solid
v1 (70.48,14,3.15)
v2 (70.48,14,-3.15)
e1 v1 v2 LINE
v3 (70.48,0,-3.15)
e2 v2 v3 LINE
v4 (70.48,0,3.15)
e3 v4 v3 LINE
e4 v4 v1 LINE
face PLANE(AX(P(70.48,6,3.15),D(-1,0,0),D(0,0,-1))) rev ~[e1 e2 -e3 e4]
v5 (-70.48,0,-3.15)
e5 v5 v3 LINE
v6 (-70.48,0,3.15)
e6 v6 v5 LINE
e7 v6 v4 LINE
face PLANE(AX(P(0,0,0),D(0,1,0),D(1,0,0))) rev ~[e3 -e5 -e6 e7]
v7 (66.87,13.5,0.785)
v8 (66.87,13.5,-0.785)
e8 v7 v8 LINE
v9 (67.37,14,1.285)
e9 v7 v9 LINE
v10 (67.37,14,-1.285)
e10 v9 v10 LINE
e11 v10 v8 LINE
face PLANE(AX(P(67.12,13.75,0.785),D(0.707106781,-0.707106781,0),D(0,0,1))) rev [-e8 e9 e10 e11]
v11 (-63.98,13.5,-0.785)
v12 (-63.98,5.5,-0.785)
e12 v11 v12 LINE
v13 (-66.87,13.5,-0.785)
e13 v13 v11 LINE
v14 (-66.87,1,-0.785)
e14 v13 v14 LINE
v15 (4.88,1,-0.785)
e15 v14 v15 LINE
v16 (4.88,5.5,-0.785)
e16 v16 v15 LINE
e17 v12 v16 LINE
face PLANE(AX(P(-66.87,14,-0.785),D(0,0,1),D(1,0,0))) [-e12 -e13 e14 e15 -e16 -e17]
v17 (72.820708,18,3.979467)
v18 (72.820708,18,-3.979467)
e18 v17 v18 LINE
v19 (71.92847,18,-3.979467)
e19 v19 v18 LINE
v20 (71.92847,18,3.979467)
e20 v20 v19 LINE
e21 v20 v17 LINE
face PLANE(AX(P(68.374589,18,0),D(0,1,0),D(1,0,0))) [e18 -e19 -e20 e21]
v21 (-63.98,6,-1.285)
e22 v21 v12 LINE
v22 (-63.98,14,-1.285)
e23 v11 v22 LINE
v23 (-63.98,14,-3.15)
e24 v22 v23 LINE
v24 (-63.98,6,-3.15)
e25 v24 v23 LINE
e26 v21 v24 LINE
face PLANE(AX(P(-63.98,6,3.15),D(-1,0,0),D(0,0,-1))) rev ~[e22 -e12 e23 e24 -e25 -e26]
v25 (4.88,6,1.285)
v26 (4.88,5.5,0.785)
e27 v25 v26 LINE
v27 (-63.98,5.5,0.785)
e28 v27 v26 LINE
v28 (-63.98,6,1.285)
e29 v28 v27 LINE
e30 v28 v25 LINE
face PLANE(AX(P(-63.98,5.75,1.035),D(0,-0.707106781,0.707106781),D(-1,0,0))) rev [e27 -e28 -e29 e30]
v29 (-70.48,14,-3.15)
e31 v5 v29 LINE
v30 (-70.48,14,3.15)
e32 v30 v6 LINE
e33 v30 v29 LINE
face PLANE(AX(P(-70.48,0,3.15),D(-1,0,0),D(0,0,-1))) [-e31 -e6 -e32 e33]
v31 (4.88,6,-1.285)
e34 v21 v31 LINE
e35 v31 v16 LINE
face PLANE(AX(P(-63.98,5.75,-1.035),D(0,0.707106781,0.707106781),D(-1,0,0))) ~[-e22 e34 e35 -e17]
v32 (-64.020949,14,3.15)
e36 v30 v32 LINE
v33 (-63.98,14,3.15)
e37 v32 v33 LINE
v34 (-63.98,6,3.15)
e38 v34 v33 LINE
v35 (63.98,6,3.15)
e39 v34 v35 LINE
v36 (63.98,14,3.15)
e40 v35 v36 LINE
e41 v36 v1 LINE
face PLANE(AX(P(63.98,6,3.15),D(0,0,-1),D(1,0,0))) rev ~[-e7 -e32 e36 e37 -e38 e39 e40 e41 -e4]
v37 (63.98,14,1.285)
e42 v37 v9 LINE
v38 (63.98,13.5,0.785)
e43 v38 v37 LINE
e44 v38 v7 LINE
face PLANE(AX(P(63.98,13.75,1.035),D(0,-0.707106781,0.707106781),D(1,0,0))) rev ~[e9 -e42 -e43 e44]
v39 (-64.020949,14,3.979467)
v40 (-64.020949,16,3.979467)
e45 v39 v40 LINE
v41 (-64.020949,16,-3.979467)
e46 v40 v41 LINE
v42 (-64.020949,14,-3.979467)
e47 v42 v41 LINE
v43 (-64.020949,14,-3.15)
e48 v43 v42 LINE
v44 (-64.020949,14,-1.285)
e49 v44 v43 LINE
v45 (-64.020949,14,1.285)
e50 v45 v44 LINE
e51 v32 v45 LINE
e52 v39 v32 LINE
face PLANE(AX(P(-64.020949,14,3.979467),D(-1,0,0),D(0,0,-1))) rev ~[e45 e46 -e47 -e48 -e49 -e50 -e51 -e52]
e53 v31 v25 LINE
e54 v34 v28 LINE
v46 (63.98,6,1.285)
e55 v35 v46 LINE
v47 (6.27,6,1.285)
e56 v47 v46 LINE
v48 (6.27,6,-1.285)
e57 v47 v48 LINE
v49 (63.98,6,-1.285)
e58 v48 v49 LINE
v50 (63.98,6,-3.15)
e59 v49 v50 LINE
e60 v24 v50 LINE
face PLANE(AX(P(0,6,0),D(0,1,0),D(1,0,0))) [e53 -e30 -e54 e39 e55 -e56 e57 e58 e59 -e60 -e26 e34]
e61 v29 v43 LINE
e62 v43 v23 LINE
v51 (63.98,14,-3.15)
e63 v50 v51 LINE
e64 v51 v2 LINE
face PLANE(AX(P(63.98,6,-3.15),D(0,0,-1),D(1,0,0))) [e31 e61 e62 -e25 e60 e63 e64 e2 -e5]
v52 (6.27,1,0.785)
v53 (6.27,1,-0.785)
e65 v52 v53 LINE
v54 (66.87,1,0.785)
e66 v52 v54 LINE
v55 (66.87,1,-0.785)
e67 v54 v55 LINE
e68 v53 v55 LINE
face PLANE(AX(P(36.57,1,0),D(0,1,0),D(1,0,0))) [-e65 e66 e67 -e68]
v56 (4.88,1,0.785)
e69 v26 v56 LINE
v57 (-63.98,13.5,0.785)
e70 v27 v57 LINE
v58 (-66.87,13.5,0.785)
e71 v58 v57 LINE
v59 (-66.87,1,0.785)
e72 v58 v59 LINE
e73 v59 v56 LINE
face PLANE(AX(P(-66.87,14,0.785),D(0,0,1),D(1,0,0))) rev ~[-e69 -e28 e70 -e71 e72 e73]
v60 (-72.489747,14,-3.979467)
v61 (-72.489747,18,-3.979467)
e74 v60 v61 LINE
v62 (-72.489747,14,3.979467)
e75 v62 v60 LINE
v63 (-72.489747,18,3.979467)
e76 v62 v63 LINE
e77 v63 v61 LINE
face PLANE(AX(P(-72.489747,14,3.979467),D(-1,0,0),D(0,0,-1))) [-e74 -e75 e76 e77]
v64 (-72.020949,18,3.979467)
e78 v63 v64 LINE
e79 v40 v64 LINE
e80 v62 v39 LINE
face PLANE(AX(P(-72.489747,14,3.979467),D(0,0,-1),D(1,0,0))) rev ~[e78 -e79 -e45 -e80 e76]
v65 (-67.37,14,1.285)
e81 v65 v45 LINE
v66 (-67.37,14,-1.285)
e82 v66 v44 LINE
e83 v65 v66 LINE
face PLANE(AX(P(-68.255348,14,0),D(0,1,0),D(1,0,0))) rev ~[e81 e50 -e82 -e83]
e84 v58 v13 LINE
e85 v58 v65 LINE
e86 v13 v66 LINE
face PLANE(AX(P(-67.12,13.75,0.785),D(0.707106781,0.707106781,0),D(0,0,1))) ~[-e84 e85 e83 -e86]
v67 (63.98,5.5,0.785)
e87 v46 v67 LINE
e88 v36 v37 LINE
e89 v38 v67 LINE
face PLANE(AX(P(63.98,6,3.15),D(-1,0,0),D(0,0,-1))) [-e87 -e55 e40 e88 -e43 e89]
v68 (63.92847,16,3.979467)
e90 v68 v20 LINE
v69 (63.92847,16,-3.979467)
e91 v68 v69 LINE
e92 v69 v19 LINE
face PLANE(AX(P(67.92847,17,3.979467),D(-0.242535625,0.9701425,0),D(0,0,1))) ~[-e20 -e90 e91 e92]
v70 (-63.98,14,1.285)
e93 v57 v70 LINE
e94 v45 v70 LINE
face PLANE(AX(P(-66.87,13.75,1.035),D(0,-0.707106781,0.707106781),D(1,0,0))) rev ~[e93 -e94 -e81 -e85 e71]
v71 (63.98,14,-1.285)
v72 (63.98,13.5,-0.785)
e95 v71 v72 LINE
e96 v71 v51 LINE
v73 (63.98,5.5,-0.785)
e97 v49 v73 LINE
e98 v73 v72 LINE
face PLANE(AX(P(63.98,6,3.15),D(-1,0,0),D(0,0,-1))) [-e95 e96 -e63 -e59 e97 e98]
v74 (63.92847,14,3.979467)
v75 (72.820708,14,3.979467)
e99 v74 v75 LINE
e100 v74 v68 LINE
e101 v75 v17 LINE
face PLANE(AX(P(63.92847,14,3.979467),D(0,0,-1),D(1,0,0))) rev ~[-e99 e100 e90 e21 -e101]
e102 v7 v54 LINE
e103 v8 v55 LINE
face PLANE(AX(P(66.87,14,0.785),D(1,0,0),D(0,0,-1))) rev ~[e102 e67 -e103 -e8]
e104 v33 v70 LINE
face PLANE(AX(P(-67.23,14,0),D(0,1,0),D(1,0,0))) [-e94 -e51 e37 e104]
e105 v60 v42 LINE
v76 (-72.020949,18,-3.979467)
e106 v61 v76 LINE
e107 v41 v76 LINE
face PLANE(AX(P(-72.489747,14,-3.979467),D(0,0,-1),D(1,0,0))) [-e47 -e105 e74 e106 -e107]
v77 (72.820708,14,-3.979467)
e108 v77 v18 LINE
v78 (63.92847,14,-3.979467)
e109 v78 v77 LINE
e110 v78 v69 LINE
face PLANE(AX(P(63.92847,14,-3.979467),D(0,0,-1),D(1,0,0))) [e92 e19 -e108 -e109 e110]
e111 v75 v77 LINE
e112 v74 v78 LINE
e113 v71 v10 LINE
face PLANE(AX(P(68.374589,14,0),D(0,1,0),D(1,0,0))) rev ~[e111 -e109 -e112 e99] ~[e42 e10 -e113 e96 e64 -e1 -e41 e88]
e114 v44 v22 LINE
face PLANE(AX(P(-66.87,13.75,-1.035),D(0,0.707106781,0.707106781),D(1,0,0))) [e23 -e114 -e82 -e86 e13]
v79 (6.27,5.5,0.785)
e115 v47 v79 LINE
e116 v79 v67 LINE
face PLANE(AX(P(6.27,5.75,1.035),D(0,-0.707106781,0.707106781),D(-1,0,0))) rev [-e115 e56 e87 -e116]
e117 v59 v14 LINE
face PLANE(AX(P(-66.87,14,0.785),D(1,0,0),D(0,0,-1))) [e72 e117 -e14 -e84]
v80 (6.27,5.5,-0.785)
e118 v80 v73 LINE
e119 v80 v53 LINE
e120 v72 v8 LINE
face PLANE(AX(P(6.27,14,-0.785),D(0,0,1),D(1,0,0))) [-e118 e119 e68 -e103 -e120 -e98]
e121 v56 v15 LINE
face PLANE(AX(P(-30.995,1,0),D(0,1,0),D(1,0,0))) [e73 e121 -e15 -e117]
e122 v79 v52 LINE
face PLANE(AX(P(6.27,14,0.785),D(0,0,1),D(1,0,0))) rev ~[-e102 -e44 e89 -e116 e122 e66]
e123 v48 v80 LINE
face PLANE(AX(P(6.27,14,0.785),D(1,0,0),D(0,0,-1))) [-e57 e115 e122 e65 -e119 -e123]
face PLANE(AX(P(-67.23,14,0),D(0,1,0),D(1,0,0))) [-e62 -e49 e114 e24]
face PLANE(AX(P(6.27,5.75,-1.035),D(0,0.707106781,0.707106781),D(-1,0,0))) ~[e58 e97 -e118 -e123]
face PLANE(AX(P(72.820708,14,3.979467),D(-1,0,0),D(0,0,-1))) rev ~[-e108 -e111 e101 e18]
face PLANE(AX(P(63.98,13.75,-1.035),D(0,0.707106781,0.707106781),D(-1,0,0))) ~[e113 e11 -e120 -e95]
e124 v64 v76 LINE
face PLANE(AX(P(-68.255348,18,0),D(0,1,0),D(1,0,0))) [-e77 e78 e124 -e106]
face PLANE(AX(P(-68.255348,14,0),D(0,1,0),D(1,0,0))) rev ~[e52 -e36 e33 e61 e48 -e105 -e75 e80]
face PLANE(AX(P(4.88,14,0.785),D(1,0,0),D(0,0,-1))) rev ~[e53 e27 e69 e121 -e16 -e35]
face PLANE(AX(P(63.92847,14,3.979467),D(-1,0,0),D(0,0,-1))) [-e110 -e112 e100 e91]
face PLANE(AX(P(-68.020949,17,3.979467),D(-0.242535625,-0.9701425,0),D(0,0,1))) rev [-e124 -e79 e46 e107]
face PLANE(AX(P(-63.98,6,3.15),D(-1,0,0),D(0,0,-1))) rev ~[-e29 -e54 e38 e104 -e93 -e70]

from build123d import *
from OCP.BRepFilletAPI import BRepFilletAPI_MakeChamfer

# Parameters (mm, degrees)
SKETCH1_W           = 140.96
SKETCH1_H           = 6.3
BOSS_EXTRUDE1_DEPTH = 6
SKETCH2_W           = 6.5
SKETCH2_H           = 6.3
BOSS_EXTRUDE2_DEPTH = 8
SKETCH3_W           = 71.75
SKETCH3_H           = 1.57
SKETCH3_W_2         = 60.6
CUT_EXTRUDE1_DEPTH  = 13
CHAMFER1_SIZE       = 0.5
SKETCH5_W           = 8.468797777
SKETCH5_H           = 7.958933252
SKETCH5_W_2         = 8.892237666
BOSS_EXTRUDE3_DEPTH = 4
CHAMFER2_SIZE       = 2
CHAMFER2_SIZE2      = 8


with BuildPart() as part:
    # Sketch1 → Boss-Extrude1 (new body)
    with BuildSketch(Plane(origin=(0, 0, 0), x_dir=(1, 0, 0), z_dir=(0, 1, 0))):
        Rectangle(SKETCH1_W, SKETCH1_H)
    extrude(amount=BOSS_EXTRUDE1_DEPTH)

    # Sketch2 → Boss-Extrude2 (add)
    with BuildSketch(Plane(origin=(0, 6, 0), x_dir=(1, 0, 0), z_dir=(0, 1, 0))):
        with Locations((67.23, 0)):
            Rectangle(SKETCH2_W, SKETCH2_H)
        with Locations((-67.23, 0)):
            Rectangle(SKETCH2_W, SKETCH2_H)
    extrude(amount=BOSS_EXTRUDE2_DEPTH)

    # Sketch3 → Cut-Extrude1 (cut)
    with BuildSketch(Plane(origin=(0, 14, 0), x_dir=(1, 0, 0), z_dir=(0, 1, 0))):
        with Locations((-30.995, 0)):
            Rectangle(SKETCH3_W, SKETCH3_H)
        with Locations((36.57, 0)):
            Rectangle(SKETCH3_W_2, SKETCH3_H)
    extrude(amount=-CUT_EXTRUDE1_DEPTH, mode=Mode.SUBTRACT)

    # Chamfer1
    chamfer1_edges = [part.edges().sort_by_distance(p)[0] for p in [
        (-65.425, 14, -0.785),
        (65.425, 14, 0.785),
        (-65.425, 14, 0.785),
        (-66.87, 14, 0),
        (-29.55, 6, -0.785),
        (-29.55, 6, 0.785),
        (66.87, 14, 0),
        (65.425, 14, -0.785),
        (35.125, 6, 0.785),
        (35.125, 6, -0.785),
    ]]
    chamfer(chamfer1_edges, length=CHAMFER1_SIZE)

    # Sketch5 → Boss-Extrude3 (add)
    with BuildSketch(Plane(origin=(0, 14, 0), x_dir=(1, 0, 0), z_dir=(0, 1, 0))):
        with Locations((-68.255348276, 0)):
            Rectangle(SKETCH5_W, SKETCH5_H)
        with Locations((68.374589196, 0)):
            Rectangle(SKETCH5_W_2, SKETCH5_H)
    extrude(amount=BOSS_EXTRUDE3_DEPTH)

    # Chamfer2: one chamfer whose edges measure the first distance from different faces: ONE call of the kernel's chamfer builder (chamfer() names one face for all edges)
    chamfer2_edges_1 = [part.edges().sort_by_distance(p)[0] for p in [
        (-64.020949387, 18, 0),
    ]]
    chamfer2_side_1 = [part.faces().sort_by_distance(p)[0] for p in [
        (-64.020949387, 16, 0),
    ]]
    chamfer2_edges_2 = [part.edges().sort_by_distance(p)[0] for p in [
        (63.928470363, 18, 0),
    ]]
    chamfer2_side_2 = [part.faces().sort_by_distance(p)[0] for p in [
        (63.928470363, 16, 0),
    ]]
    chamfer2 = BRepFilletAPI_MakeChamfer(part.part.solid().wrapped)
    for e in chamfer2_edges_1:
        chamfer2.Add(CHAMFER2_SIZE, CHAMFER2_SIZE2, e.wrapped, chamfer2_side_1[0].wrapped)  # the first distance lies on this face
    for e in chamfer2_edges_2:
        chamfer2.Add(CHAMFER2_SIZE, CHAMFER2_SIZE2, e.wrapped, chamfer2_side_2[0].wrapped)  # the first distance lies on this face
    add(Compound.cast(chamfer2.Shape()), mode=Mode.REPLACE)


solid = part.part
